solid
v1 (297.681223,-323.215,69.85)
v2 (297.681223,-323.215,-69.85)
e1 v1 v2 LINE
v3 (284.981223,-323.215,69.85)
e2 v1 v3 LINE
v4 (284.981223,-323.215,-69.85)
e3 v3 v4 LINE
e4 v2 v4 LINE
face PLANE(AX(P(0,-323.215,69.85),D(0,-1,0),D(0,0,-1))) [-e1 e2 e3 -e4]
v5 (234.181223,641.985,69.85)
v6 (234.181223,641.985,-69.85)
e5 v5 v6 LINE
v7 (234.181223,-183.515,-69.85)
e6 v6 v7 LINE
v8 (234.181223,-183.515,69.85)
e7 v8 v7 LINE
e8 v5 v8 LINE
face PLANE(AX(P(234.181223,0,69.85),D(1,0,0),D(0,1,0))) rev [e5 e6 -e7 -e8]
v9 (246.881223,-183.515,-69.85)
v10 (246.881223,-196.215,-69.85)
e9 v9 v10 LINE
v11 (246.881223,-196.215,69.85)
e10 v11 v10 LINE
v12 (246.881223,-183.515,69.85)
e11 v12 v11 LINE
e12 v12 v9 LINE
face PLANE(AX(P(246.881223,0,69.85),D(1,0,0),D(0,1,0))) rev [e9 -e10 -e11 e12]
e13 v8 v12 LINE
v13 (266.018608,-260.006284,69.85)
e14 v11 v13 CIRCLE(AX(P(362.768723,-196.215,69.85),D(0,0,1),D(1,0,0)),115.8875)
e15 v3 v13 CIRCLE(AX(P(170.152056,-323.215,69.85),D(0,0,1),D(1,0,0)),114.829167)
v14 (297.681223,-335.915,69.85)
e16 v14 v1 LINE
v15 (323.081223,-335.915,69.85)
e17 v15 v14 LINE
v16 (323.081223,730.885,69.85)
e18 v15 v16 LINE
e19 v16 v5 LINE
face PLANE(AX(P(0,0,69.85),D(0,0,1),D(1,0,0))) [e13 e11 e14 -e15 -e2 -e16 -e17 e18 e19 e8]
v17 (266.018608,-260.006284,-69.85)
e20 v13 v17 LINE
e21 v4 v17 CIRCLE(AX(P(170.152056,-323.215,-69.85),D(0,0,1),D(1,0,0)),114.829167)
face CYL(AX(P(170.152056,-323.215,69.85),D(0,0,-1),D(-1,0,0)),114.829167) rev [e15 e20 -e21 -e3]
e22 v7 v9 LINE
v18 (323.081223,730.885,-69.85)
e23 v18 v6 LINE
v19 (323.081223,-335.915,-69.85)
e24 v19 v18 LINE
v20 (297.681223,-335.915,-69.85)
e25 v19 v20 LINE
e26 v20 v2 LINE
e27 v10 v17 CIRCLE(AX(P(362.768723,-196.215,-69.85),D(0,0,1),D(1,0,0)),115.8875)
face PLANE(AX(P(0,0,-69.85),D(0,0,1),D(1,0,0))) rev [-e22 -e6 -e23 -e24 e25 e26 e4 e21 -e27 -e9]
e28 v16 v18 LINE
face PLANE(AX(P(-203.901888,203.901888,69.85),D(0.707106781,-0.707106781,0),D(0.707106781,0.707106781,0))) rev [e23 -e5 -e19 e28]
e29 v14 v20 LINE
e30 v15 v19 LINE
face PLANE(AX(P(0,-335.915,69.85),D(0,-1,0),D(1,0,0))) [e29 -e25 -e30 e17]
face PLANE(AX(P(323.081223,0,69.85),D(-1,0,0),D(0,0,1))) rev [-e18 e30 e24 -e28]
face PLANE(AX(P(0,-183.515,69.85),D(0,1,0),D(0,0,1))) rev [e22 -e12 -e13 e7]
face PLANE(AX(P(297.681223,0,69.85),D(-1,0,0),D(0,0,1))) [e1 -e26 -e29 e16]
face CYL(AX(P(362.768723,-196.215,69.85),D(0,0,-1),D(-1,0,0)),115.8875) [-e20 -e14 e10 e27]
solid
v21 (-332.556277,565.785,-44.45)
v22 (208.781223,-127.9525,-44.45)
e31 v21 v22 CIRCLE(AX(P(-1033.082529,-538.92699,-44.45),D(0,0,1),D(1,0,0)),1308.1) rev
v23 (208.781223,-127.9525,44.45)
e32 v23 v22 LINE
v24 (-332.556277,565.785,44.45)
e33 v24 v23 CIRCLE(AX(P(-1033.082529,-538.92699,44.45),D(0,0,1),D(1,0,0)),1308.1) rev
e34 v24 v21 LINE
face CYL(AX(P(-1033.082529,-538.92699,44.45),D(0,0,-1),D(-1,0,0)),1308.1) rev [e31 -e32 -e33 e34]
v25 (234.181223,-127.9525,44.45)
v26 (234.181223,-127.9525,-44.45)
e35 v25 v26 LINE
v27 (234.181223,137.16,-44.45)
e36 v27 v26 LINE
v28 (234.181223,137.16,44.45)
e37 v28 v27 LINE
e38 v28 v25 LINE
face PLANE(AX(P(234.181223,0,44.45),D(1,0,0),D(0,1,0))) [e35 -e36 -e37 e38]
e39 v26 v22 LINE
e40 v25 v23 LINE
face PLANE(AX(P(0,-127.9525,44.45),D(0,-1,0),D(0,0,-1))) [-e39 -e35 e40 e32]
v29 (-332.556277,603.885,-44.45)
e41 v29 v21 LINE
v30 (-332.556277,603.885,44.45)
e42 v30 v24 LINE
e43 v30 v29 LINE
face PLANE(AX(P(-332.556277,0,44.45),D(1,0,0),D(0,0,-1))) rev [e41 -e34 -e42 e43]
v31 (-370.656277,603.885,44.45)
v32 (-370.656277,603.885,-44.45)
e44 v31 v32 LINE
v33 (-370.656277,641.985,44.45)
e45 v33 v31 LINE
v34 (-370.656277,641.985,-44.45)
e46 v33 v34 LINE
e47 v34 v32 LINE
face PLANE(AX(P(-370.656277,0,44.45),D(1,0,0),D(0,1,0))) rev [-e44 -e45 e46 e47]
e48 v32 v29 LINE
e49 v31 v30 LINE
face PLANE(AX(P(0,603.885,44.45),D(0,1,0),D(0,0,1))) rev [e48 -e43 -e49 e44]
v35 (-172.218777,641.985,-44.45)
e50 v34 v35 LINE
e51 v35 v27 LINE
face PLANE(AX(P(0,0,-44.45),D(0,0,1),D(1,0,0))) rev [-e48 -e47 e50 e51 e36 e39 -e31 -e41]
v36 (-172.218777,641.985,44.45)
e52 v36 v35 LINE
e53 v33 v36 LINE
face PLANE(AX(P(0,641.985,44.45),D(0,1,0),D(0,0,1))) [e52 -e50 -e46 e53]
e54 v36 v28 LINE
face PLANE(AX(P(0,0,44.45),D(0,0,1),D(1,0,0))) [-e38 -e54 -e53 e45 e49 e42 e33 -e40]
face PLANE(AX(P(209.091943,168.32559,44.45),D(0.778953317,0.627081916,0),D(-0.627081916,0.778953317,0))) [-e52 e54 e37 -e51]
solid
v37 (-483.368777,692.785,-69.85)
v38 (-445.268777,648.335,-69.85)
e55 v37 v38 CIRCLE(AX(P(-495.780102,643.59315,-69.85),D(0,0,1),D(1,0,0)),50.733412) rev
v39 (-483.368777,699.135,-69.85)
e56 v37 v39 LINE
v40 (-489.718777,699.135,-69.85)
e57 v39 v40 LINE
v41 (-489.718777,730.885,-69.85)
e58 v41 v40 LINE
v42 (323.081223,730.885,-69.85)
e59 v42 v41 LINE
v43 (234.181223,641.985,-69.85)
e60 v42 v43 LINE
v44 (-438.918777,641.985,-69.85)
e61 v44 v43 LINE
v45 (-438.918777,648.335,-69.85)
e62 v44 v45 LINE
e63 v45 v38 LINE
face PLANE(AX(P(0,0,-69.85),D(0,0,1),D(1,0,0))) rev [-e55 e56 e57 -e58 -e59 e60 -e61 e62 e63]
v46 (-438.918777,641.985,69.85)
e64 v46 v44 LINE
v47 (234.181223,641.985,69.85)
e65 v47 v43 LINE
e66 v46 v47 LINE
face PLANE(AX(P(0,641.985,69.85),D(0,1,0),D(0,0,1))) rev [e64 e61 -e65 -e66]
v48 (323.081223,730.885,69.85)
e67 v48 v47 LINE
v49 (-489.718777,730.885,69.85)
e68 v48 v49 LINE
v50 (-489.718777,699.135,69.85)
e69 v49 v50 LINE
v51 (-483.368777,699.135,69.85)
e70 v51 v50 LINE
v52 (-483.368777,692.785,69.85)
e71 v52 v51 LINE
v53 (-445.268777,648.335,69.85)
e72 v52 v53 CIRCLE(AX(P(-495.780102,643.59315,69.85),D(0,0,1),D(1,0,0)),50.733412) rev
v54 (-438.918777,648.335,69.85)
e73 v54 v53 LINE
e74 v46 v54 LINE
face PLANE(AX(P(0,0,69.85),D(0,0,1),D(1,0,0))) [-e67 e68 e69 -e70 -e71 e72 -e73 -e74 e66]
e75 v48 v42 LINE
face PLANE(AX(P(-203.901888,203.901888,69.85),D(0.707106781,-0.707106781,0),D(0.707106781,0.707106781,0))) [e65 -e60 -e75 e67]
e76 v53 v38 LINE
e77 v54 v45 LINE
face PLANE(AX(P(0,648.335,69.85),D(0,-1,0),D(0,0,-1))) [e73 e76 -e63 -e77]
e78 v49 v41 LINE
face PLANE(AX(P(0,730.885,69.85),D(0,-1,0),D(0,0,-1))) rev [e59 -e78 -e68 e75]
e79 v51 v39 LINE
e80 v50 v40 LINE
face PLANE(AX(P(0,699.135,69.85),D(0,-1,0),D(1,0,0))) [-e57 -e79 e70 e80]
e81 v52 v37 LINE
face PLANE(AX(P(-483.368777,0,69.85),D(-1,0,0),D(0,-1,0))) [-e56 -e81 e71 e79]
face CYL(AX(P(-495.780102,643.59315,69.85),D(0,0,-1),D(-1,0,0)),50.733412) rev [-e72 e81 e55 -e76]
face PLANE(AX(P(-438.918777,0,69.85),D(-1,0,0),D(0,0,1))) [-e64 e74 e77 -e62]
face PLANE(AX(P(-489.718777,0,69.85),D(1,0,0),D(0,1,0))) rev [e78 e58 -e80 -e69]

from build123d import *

# Parameters (mm, degrees)
BOSS_EXTRUDE1_DEPTH = 69.85
BOSS_EXTRUDE2_DEPTH = 44.45
BOSS_EXTRUDE3_DEPTH = 69.85


with BuildPart() as part:
    # Sketch1 → Boss-Extrude1 (new body, symmetric)
    with BuildSketch(Plane.XY):
        with BuildLine():
            Line((-483.368776984, 692.785), (-483.368776984, 699.135))
            Line((-483.368776984, 699.135), (-489.718776984, 699.135))
            Line((-489.718776984, 699.135), (-489.718776984, 730.885))
            Line((-489.718776984, 730.885), (323.081223016, 730.885))
            Line((323.081223016, 730.885), (234.181223016, 641.985))
            Line((234.181223016, 641.985), (-438.918776984, 641.985))
            Line((-438.918776984, 641.985), (-438.918776984, 648.335))
            Line((-438.918776984, 648.335), (-445.268776984, 648.335))
            ThreePointArc((-445.268776984, 648.335), (-457.260423906, 676.610016924), (-483.368776984, 692.785))
        make_face()
    extrude(amount=BOSS_EXTRUDE1_DEPTH, both=True)


with BuildPart() as body_2:
    # Sketch1_3 → Boss-Extrude2 (new body, symmetric)
    with BuildSketch(Plane.XY):
        with BuildLine():
            Line((234.181223016, 137.16), (-172.218776984, 641.985))
            Line((-172.218776984, 641.985), (-370.656276984, 641.985))
            Line((-370.656276984, 641.985), (-370.656276984, 603.885))
            Line((-370.656276984, 603.885), (-332.556276984, 603.885))
            Line((-332.556276984, 603.885), (-332.556276984, 565.785))
            ThreePointArc((-332.556276984, 565.785), (-1.802905594, 265.801503762), (208.781223016, -127.9525))
            Line((208.781223016, -127.9525), (234.181223016, -127.9525))
            Line((234.181223016, -127.9525), (234.181223016, 137.16))
        make_face()
    extrude(amount=BOSS_EXTRUDE2_DEPTH, both=True)


with BuildPart() as body_3:
    # Sketch1_4 → Boss-Extrude3 (new body, symmetric)
    with BuildSketch(Plane.XY):
        with BuildLine():
            Line((323.081223016, -335.915), (323.081223016, 730.885))
            Line((323.081223016, 730.885), (234.181223016, 641.985))
            Line((234.181223016, 641.985), (234.181223016, -183.515))
            Line((234.181223016, -183.515), (246.881223016, -183.515))
            Line((246.881223016, -183.515), (246.881223016, -196.215))
            ThreePointArc((246.881223016, -196.215), (251.768629387, -229.515028089), (266.018608337, -260.006284404))
            ThreePointArc((266.018608337, -260.006284404), (280.138450492, -290.219081757), (284.981223016, -323.215))
            Line((284.981223016, -323.215), (297.681223016, -323.215))
            Line((297.681223016, -323.215), (297.681223016, -335.915))
            Line((297.681223016, -335.915), (323.081223016, -335.915))
        make_face()
    extrude(amount=BOSS_EXTRUDE3_DEPTH, both=True)


solid = Compound([part.part, body_2.part, body_3.part])
